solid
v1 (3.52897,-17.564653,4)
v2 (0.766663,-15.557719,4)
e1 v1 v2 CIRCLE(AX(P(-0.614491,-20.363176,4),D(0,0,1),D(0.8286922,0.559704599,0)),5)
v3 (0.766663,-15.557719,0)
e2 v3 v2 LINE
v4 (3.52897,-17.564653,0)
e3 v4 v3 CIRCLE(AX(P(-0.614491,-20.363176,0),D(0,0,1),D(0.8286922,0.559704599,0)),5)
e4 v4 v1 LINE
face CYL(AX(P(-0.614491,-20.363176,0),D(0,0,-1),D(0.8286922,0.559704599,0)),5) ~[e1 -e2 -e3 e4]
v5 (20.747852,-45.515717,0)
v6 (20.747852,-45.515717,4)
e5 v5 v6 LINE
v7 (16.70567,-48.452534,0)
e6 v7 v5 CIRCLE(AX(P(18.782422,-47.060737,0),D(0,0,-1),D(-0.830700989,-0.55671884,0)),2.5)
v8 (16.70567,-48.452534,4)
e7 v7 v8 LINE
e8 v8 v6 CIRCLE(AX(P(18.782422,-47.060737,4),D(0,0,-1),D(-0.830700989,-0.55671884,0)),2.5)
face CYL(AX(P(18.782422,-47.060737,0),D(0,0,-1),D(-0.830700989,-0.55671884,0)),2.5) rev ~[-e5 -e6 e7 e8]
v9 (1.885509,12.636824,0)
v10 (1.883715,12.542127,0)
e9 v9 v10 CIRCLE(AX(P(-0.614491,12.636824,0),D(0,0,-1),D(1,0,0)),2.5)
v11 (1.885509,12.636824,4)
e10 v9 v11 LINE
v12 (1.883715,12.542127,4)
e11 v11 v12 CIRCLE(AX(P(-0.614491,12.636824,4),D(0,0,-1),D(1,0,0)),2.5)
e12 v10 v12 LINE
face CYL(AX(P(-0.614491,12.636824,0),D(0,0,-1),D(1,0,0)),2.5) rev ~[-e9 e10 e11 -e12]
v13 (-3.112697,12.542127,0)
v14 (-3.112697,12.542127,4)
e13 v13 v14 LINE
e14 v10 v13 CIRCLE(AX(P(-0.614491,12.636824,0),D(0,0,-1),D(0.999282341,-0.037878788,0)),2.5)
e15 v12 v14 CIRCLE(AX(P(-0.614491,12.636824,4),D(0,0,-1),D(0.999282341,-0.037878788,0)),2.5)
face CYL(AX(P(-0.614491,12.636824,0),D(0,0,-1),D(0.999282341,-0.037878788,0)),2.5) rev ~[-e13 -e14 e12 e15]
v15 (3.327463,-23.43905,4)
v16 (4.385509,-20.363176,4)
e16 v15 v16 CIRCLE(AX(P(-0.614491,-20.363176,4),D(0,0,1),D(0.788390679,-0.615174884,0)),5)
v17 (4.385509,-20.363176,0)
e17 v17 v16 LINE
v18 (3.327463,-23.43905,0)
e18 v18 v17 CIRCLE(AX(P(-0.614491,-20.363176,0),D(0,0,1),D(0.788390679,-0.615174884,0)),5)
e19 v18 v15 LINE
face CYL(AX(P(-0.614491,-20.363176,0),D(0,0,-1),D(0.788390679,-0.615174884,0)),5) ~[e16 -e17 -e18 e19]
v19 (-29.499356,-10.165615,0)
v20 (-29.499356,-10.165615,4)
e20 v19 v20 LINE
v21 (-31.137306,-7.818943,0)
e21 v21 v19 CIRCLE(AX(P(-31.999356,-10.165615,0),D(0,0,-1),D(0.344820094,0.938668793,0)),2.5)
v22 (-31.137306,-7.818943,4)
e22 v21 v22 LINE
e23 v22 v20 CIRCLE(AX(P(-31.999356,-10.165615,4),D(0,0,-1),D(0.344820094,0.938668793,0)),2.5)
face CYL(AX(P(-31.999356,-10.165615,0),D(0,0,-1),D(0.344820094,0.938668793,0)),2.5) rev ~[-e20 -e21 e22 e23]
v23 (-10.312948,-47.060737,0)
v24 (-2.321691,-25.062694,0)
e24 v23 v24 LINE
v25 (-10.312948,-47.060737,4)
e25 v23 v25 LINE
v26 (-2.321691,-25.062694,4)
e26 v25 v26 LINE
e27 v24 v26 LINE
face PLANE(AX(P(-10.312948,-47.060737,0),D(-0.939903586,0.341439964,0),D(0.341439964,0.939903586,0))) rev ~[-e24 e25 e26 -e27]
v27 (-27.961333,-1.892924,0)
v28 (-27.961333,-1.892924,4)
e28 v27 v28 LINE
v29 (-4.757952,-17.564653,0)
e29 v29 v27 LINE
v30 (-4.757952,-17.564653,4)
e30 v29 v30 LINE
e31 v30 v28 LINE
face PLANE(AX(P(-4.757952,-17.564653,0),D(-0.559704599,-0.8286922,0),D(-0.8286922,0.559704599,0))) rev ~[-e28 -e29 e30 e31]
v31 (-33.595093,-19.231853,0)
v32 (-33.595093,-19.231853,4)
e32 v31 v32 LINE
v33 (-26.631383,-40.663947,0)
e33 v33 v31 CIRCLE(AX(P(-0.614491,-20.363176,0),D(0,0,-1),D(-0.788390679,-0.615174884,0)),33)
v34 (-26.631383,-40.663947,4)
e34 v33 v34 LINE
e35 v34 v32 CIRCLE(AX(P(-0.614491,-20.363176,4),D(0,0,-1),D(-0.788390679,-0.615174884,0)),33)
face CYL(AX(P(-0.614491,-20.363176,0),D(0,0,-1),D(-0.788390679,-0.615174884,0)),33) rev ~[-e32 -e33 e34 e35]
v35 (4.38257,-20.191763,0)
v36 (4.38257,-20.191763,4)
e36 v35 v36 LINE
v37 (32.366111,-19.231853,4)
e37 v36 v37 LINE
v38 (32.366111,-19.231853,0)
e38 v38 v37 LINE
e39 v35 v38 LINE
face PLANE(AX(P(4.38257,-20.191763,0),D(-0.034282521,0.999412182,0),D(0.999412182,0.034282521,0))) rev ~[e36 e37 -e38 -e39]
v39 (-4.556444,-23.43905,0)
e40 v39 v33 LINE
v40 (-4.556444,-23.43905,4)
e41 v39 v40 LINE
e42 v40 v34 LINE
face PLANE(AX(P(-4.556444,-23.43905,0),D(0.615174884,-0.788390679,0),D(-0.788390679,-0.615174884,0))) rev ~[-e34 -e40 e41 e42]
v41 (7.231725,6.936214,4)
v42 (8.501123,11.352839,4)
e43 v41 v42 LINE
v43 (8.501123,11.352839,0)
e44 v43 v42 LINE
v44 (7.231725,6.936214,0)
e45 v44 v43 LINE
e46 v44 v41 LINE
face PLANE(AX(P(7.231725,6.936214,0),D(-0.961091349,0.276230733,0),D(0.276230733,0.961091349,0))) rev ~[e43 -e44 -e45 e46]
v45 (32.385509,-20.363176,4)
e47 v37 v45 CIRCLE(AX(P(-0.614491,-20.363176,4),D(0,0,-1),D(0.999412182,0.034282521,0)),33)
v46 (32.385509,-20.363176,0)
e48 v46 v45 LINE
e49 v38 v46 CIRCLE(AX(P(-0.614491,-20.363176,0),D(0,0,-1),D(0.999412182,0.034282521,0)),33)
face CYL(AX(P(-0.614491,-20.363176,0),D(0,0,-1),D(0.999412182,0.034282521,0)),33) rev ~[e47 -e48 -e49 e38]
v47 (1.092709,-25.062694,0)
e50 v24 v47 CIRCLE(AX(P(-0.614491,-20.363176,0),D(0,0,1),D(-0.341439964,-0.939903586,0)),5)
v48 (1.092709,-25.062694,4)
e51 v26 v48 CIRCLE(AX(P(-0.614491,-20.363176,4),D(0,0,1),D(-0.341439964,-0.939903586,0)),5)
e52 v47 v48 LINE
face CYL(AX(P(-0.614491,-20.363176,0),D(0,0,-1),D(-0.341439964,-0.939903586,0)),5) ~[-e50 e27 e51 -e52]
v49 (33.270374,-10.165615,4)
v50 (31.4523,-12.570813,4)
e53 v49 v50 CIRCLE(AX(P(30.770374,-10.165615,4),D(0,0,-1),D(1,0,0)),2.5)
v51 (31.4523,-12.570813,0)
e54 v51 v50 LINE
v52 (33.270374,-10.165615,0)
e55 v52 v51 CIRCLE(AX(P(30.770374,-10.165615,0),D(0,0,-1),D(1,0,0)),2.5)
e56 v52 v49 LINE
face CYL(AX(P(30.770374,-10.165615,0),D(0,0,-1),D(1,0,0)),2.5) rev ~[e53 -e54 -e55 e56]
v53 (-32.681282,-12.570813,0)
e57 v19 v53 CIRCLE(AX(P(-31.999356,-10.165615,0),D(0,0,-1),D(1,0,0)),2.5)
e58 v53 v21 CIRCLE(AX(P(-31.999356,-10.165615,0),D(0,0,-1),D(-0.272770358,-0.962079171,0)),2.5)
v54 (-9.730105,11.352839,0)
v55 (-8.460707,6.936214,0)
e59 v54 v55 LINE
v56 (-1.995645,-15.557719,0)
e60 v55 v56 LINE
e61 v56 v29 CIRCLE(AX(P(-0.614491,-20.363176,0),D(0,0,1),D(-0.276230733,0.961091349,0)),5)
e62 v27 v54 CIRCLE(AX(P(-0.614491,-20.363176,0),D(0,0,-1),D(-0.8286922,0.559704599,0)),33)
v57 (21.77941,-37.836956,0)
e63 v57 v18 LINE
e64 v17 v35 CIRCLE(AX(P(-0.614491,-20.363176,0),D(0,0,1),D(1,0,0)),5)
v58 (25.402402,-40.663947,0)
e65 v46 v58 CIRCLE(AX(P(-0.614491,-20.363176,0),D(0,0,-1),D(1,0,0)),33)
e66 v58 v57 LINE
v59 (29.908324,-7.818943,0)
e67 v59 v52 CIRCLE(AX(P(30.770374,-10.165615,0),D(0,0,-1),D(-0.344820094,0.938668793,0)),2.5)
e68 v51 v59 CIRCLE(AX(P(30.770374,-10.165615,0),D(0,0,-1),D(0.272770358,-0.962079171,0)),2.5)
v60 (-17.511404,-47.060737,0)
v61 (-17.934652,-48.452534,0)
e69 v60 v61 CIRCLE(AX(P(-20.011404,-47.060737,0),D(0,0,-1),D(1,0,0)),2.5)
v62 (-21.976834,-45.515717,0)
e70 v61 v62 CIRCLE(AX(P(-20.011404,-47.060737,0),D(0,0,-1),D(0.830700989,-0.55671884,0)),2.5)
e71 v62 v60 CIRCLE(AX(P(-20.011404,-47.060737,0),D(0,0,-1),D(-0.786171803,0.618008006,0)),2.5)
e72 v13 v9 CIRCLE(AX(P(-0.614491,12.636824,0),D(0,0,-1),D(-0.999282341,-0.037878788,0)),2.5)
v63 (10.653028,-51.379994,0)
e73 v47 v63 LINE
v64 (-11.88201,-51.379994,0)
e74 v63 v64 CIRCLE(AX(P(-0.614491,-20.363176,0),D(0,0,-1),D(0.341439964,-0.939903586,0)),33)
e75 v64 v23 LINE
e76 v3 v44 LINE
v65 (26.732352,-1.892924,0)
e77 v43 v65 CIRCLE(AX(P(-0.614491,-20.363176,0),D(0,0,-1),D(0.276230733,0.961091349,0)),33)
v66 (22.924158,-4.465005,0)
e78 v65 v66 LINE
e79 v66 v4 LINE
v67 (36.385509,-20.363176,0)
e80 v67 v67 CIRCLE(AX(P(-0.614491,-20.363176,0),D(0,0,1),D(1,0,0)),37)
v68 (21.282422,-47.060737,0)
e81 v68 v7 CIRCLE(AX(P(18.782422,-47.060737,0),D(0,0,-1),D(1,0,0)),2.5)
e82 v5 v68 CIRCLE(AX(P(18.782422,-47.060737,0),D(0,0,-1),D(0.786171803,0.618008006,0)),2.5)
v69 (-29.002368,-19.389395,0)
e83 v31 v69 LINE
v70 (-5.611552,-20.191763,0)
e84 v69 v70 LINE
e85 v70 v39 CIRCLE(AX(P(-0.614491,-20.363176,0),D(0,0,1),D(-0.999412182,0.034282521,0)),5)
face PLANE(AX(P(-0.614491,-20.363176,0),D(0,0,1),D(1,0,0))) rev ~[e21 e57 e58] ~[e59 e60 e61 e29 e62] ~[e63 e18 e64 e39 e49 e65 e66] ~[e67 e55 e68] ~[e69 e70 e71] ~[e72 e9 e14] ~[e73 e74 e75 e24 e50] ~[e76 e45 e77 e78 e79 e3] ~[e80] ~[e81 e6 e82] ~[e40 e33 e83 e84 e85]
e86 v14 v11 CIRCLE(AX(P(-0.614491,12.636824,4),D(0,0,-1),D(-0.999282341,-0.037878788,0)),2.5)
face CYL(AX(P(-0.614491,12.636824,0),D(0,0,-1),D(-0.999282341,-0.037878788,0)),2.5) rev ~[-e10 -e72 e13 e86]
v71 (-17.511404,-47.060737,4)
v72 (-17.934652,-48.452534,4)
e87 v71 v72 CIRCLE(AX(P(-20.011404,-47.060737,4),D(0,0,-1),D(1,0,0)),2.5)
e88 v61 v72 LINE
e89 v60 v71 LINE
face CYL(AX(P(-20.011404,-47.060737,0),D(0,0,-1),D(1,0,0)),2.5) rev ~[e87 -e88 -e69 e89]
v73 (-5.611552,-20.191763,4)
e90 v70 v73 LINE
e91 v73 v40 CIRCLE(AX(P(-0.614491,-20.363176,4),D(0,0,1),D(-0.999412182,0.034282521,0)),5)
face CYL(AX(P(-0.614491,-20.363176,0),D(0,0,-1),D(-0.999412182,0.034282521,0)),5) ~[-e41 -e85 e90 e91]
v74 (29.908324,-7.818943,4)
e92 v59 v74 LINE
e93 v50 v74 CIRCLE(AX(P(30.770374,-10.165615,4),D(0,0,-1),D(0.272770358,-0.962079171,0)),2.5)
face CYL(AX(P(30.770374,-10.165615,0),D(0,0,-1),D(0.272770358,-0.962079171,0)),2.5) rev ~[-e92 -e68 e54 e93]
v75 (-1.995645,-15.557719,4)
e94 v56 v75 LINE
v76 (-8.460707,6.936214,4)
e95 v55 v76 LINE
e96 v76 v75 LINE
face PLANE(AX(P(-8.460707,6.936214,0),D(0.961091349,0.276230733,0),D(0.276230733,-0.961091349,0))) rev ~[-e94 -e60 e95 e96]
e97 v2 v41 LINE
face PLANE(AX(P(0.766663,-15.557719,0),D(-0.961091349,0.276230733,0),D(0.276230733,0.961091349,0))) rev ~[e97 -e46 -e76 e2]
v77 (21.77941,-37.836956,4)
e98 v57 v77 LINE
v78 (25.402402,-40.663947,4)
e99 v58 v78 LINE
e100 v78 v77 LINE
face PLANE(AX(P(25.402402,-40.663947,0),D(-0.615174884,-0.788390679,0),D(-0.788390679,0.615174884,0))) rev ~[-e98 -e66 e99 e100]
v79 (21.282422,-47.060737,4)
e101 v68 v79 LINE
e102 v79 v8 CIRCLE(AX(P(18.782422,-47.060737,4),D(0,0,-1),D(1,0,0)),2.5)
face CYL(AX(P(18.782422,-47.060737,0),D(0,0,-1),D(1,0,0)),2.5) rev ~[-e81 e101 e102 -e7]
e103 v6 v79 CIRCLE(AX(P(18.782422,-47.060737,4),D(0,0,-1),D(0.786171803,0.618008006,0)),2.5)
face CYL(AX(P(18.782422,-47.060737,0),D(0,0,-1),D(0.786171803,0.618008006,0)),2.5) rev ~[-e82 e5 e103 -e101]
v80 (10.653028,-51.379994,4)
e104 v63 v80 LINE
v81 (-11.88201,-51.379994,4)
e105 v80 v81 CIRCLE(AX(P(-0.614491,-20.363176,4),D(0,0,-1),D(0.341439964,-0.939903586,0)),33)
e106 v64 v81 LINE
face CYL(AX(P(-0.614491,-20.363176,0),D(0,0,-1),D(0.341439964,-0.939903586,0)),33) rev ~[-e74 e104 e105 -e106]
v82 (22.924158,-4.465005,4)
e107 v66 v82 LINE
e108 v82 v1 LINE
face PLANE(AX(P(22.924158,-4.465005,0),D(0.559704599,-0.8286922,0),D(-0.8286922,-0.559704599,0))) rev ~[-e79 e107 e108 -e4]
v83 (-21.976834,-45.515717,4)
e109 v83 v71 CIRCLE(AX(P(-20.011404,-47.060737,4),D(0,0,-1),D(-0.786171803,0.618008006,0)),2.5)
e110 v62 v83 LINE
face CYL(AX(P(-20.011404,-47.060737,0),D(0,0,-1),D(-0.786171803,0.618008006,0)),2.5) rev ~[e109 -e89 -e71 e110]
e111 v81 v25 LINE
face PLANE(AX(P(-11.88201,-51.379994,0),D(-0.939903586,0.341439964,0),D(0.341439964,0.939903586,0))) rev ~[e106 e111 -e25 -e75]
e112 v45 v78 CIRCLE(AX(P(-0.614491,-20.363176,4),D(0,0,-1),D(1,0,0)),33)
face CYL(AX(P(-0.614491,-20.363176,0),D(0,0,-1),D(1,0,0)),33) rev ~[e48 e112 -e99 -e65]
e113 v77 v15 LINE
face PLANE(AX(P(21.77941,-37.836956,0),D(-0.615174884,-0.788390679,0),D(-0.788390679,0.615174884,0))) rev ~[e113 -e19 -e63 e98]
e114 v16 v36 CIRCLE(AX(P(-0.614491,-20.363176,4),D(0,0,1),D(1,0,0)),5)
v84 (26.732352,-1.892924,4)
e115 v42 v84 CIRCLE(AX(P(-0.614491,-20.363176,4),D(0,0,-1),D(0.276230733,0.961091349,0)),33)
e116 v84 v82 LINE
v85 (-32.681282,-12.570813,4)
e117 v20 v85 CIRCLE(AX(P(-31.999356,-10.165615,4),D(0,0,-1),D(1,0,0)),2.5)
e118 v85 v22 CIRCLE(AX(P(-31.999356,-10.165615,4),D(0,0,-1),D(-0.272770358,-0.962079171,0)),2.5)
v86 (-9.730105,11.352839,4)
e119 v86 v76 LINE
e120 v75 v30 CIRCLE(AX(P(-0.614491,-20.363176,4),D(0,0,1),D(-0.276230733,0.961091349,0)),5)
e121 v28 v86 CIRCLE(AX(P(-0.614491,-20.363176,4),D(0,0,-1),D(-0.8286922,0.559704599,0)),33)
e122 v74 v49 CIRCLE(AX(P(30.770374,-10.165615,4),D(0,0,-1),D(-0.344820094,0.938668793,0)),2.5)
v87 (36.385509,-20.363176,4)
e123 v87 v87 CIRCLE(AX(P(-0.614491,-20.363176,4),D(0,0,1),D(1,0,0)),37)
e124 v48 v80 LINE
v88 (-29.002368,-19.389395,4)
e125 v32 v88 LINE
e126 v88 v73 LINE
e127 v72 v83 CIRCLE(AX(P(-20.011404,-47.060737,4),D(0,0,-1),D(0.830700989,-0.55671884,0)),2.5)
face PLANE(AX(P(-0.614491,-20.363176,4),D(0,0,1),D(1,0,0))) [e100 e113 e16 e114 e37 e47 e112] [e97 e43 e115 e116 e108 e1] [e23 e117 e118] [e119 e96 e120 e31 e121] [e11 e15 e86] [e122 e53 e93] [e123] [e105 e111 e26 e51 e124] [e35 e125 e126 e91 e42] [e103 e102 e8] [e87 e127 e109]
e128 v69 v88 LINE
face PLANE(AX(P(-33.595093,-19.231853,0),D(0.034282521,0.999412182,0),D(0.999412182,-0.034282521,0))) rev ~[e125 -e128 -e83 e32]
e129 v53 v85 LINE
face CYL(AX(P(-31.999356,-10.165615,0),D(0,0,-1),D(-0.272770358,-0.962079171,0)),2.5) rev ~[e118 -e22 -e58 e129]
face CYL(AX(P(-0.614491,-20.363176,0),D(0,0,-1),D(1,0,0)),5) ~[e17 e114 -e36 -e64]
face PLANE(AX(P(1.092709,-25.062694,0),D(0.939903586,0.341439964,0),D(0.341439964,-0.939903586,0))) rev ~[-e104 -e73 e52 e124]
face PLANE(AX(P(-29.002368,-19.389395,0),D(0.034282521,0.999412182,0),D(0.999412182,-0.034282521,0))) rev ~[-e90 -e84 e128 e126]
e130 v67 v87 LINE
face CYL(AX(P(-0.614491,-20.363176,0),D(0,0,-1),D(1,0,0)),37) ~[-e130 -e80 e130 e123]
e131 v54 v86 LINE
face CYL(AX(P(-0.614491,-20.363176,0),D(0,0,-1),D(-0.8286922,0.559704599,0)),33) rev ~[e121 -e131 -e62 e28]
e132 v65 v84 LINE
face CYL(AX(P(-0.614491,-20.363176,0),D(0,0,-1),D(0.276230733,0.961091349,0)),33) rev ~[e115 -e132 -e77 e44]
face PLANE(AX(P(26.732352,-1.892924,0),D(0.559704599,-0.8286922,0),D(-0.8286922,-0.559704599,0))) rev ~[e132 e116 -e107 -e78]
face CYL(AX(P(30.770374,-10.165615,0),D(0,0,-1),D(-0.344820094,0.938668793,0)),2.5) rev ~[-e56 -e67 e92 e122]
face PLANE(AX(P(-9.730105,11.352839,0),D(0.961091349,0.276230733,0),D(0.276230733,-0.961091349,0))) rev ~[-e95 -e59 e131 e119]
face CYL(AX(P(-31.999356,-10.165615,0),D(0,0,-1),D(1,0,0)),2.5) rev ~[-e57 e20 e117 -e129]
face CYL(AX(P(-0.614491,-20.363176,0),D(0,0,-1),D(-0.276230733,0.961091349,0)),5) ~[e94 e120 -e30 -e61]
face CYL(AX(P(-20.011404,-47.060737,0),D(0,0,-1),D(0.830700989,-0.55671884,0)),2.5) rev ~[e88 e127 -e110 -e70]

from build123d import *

# Parameters (mm, degrees)
F0_R     = 37
F1_DEPTH = 4


with BuildPart() as f1:
    # F0 (on Top) → F1 (new body)
    with BuildSketch(Plane.XY):
        with Locations((-0.6144908867, -20.3631758839)):
            Circle(F0_R)
        with BuildLine():
            ThreePointArc((-3.1126967397, 12.5421271465), (-0.6618478689, 15.1363755392), (1.8855091133, 12.6368241161))
            ThreePointArc((1.8855091133, 12.6368241161), (1.8850605363, 12.589467134), (1.8837149663, 12.5421271464))
            ThreePointArc((1.8837149663, 12.5421271465), (5.2227863742, 12.1164514875), (8.5011233102, 11.3528386484))
            ThreePointArc((8.5011233102, 11.3528386484), (18.7824224389, 6.3343849305), (26.7323517041, -1.8929241175))
            ThreePointArc((26.7323517041, -1.8929241175), (28.4716524971, -4.7748384787), (29.9083239169, -7.8189430869))
            ThreePointArc((29.9083239169, -7.8189430869), (32.2012610114, -8.1155997543), (33.270374151, -10.1656150695))
            ThreePointArc((33.270374151, -10.1656150695), (32.7647179948, -11.6731271366), (31.4523000449, -12.570812998))
            ThreePointArc((31.4523000449, -12.570812998), (32.0792882461, -15.8779996316), (32.3661111061, -19.2318526816))
            ThreePointArc((32.3661111061, -19.2318526816), (32.3806592551, -19.7974311378), (32.3855091133, -20.3631758839))
            ThreePointArc((32.3855091133, -20.3631758839), (30.5909369208, -31.0972932369), (25.4024015163, -40.6639470438))
            ThreePointArc((25.4024015163, -40.6639470438), (23.199011587, -43.2086809107), (20.7478519472, -45.5157166828))
            ThreePointArc((20.7478519472, -45.5157166828), (21.1450029953, -46.2432936637), (21.2824224389, -47.0607366982))
            ThreePointArc((21.2824224389, -47.0607366982), (19.5097871405, -49.4525854792), (16.7056699662, -48.452533798))
            ThreePointArc((16.7056699662, -48.452533798), (13.7540985771, -50.0708118857), (10.6530279173, -51.3799942249))
            ThreePointArc((10.6530279173, -51.3799942249), (-0.6144908867, -53.3631758839), (-11.8820096908, -51.3799942249))
            ThreePointArc((-11.8820096908, -51.3799942249), (-14.9830803506, -50.0708118857), (-17.9346517396, -48.452533798))
            ThreePointArc((-17.9346517396, -48.452533798), (-21.4808673431, -49.0832791842), (-21.9768337207, -45.5157166828))
            ThreePointArc((-21.9768337207, -45.5157166828), (-24.4279933605, -43.2086809107), (-26.6313832898, -40.6639470438))
            ThreePointArc((-26.6313832898, -40.6639470438), (-31.9993559245, -30.5607366982), (-33.5950928796, -19.2318526816))
            ThreePointArc((-33.5950928796, -19.2318526816), (-33.3082700196, -15.8779996316), (-32.6812818184, -12.570812998))
            ThreePointArc((-32.6812818184, -12.570812998), (-34.3769972152, -9.3930725835), (-31.1373056904, -7.8189430869))
            ThreePointArc((-31.1373056904, -7.8189430869), (-29.7006342706, -4.7748384787), (-27.9613334776, -1.8929241175))
            ThreePointArc((-27.9613334776, -1.8929241175), (-20.0114042124, 6.3343849305), (-9.7301050837, 11.3528386484))
            ThreePointArc((-9.7301050837, 11.3528386484), (-6.4517681477, 12.1164514875), (-3.1126967397, 12.5421271465))
        make_face(mode=Mode.SUBTRACT)
        with BuildLine():
            ThreePointArc((3.5289701119, -17.564652889), (2.3244353747, -16.318090912), (0.7666627795, -15.5577191365))
            Line((0.7666627795, -15.5577191365), (-0.6144908867, -20.3631758839))
            Line((-0.6144908867, -20.3631758839), (3.5289701119, -17.564652889))
        make_face()
        with BuildLine():
            ThreePointArc((0.7666627795, -15.5577191365), (-0.6144908867, -15.3631758839), (-1.9956445529, -15.5577191365))
            Line((-1.9956445529, -15.5577191365), (-0.6144908867, -20.3631758839))
            Line((-0.6144908867, -20.3631758839), (0.7666627795, -15.5577191365))
        make_face()
        with BuildLine():
            Line((-0.6144908867, -20.3631758839), (-1.9956445529, -15.5577191365))
            ThreePointArc((-1.9956445529, -15.5577191365), (-3.5534171482, -16.318090912), (-4.7579518853, -17.564652889))
            Line((-4.7579518853, -17.564652889), (-0.6144908867, -20.3631758839))
        make_face()
        with BuildLine():
            Line((-0.6144908867, -20.3631758839), (-4.7579518853, -17.564652889))
            ThreePointArc((-4.7579518853, -17.564652889), (-5.3697734682, -18.818090912), (-5.6115517947, -20.1917632774))
            Line((-5.6115517947, -20.1917632774), (-0.6144908867, -20.3631758839))
        make_face()
        with BuildLine():
            Line((-4.5564442811, -23.439050302), (-0.6144908867, -20.3631758839))
            Line((-0.6144908867, -20.3631758839), (-5.6115517947, -20.1917632774))
            ThreePointArc((-5.6115517947, -20.1917632774), (-5.3697734682, -21.9082608557), (-4.5564442811, -23.439050302))
        make_face()
        with BuildLine():
            Line((-2.3216907055, -25.0626938143), (-0.6144908867, -20.3631758839))
            Line((-0.6144908867, -20.3631758839), (-4.5564442811, -23.439050302))
            ThreePointArc((-4.5564442811, -23.439050302), (-3.5534171482, -24.4082608557), (-2.3216907055, -25.0626938143))
        make_face()
        with BuildLine():
            Line((1.0927089321, -25.0626938143), (-0.6144908867, -20.3631758839))
            Line((-0.6144908867, -20.3631758839), (-2.3216907055, -25.0626938143))
            ThreePointArc((-2.3216907055, -25.0626938143), (-0.6144908867, -25.3631758839), (1.0927089321, -25.0626938143))
        make_face()
        with BuildLine():
            Line((3.3274625077, -23.439050302), (-0.6144908867, -20.3631758839))
            Line((-0.6144908867, -20.3631758839), (1.0927089321, -25.0626938143))
            ThreePointArc((1.0927089321, -25.0626938143), (2.3244353747, -24.4082608557), (3.3274625077, -23.439050302))
        make_face()
        with BuildLine():
            Line((3.5289701119, -17.564652889), (-0.6144908867, -20.3631758839))
            Line((-0.6144908867, -20.3631758839), (4.3825700213, -20.1917632774))
            ThreePointArc((4.3825700213, -20.1917632774), (4.1407916947, -18.818090912), (3.5289701119, -17.564652889))
        make_face()
        with BuildLine():
            Line((4.3825700213, -20.1917632774), (-0.6144908867, -20.3631758839))
            Line((-0.6144908867, -20.3631758839), (3.3274625077, -23.439050302))
            ThreePointArc((3.3274625077, -23.439050302), (4.1136042356, -21.989557301), (4.3855091133, -20.3631758839))
            ThreePointArc((4.3855091133, -20.3631758839), (4.3847742863, -20.2774569829), (4.3825700213, -20.1917632774))
        make_face()
        with BuildLine():
            ThreePointArc((1.8837149663, 12.5421271464), (-0.6144908867, 10.1368241161), (-3.1126967397, 12.5421271465))
            ThreePointArc((-3.1126967397, 12.5421271465), (-6.4517681477, 12.1164514875), (-9.7301050837, 11.3528386484))
            Line((-9.7301050837, 11.3528386484), (-8.4607071462, 6.9362143197))
            Line((-8.4607071462, 6.9362143197), (-1.9956445529, -15.5577191365))
            ThreePointArc((-1.9956445529, -15.5577191365), (-0.6144908867, -15.3631758839), (0.7666627795, -15.5577191365))
            Line((0.7666627795, -15.5577191365), (7.2317253727, 6.9362143197))
            Line((7.2317253727, 6.9362143197), (8.5011233102, 11.3528386484))
            ThreePointArc((8.5011233102, 11.3528386484), (5.2227863742, 12.1164514875), (1.8837149663, 12.5421271465))
        make_face()
        with BuildLine():
            ThreePointArc((29.9083239169, -7.8189430869), (28.4716524971, -4.7748384787), (26.7323517041, -1.8929241175))
            Line((26.7323517041, -1.8929241175), (22.9241578916, -4.4650052731))
            Line((22.9241578916, -4.4650052731), (3.5289701119, -17.564652889))
            ThreePointArc((3.5289701119, -17.564652889), (4.1407916947, -18.818090912), (4.3825700213, -20.1917632774))
            Line((4.3825700213, -20.1917632774), (32.3661111061, -19.2318526816))
            ThreePointArc((32.3661111061, -19.2318526816), (32.0792882461, -15.8779996316), (31.4523000449, -12.570812998))
            ThreePointArc((31.4523000449, -12.570812998), (28.3927328603, -10.9381575554), (29.9083239169, -7.8189430869))
        make_face()
        with BuildLine():
            ThreePointArc((3.3274625077, -23.439050302), (2.3244353747, -24.4082608557), (1.0927089321, -25.0626938143))
            Line((1.0927089321, -25.0626938143), (10.6530279173, -51.3799942249))
            ThreePointArc((10.6530279173, -51.3799942249), (13.7540985771, -50.0708118857), (16.7056699662, -48.452533798))
            ThreePointArc((16.7056699662, -48.452533798), (17.3129593082, -45.0381942123), (20.7478519472, -45.5157166828))
            ThreePointArc((20.7478519472, -45.5157166828), (23.199011587, -43.2086809107), (25.4024015163, -40.6639470438))
            Line((25.4024015163, -40.6639470438), (21.7794103669, -37.836956291))
            Line((21.7794103669, -37.836956291), (3.3274625077, -23.439050302))
        make_face()
        with BuildLine():
            ThreePointArc((-2.3216907055, -25.0626938143), (-3.5534171482, -24.4082608557), (-4.5564442811, -23.439050302))
            Line((-4.5564442811, -23.439050302), (-26.6313832898, -40.6639470438))
            ThreePointArc((-26.6313832898, -40.6639470438), (-24.4279933605, -43.2086809107), (-21.9768337207, -45.5157166828))
            ThreePointArc((-21.9768337207, -45.5157166828), (-19.1939611779, -44.6981561418), (-17.5114042124, -47.0607366982))
            ThreePointArc((-17.5114042124, -47.0607366982), (-17.6195554314, -47.7881013998), (-17.9346517396, -48.452533798))
            ThreePointArc((-17.9346517396, -48.452533798), (-14.9830803506, -50.0708118857), (-11.8820096908, -51.3799942249))
            Line((-11.8820096908, -51.3799942249), (-10.3129475496, -47.0607366982))
            Line((-10.3129475496, -47.0607366982), (-2.3216907055, -25.0626938143))
        make_face()
        with BuildLine():
            Line((-4.7579518853, -17.564652889), (-27.9613334776, -1.8929241175))
            ThreePointArc((-27.9613334776, -1.8929241175), (-29.7006342706, -4.7748384787), (-31.1373056904, -7.8189430869))
            ThreePointArc((-31.1373056904, -7.8189430869), (-29.9493406093, -8.7347282091), (-29.4993559245, -10.1656150695))
            ThreePointArc((-29.4993559245, -10.1656150695), (-30.4918438573, -12.1599589133), (-32.6812818184, -12.570812998))
            ThreePointArc((-32.6812818184, -12.570812998), (-33.3082700196, -15.8779996316), (-33.5950928796, -19.2318526816))
            Line((-33.5950928796, -19.2318526816), (-29.0023679965, -19.3893954767))
            Line((-29.0023679965, -19.3893954767), (-5.6115517947, -20.1917632774))
            ThreePointArc((-5.6115517947, -20.1917632774), (-5.3697734682, -18.818090912), (-4.7579518853, -17.564652889))
        make_face()
    extrude(amount=F1_DEPTH)


solid = f1.part
